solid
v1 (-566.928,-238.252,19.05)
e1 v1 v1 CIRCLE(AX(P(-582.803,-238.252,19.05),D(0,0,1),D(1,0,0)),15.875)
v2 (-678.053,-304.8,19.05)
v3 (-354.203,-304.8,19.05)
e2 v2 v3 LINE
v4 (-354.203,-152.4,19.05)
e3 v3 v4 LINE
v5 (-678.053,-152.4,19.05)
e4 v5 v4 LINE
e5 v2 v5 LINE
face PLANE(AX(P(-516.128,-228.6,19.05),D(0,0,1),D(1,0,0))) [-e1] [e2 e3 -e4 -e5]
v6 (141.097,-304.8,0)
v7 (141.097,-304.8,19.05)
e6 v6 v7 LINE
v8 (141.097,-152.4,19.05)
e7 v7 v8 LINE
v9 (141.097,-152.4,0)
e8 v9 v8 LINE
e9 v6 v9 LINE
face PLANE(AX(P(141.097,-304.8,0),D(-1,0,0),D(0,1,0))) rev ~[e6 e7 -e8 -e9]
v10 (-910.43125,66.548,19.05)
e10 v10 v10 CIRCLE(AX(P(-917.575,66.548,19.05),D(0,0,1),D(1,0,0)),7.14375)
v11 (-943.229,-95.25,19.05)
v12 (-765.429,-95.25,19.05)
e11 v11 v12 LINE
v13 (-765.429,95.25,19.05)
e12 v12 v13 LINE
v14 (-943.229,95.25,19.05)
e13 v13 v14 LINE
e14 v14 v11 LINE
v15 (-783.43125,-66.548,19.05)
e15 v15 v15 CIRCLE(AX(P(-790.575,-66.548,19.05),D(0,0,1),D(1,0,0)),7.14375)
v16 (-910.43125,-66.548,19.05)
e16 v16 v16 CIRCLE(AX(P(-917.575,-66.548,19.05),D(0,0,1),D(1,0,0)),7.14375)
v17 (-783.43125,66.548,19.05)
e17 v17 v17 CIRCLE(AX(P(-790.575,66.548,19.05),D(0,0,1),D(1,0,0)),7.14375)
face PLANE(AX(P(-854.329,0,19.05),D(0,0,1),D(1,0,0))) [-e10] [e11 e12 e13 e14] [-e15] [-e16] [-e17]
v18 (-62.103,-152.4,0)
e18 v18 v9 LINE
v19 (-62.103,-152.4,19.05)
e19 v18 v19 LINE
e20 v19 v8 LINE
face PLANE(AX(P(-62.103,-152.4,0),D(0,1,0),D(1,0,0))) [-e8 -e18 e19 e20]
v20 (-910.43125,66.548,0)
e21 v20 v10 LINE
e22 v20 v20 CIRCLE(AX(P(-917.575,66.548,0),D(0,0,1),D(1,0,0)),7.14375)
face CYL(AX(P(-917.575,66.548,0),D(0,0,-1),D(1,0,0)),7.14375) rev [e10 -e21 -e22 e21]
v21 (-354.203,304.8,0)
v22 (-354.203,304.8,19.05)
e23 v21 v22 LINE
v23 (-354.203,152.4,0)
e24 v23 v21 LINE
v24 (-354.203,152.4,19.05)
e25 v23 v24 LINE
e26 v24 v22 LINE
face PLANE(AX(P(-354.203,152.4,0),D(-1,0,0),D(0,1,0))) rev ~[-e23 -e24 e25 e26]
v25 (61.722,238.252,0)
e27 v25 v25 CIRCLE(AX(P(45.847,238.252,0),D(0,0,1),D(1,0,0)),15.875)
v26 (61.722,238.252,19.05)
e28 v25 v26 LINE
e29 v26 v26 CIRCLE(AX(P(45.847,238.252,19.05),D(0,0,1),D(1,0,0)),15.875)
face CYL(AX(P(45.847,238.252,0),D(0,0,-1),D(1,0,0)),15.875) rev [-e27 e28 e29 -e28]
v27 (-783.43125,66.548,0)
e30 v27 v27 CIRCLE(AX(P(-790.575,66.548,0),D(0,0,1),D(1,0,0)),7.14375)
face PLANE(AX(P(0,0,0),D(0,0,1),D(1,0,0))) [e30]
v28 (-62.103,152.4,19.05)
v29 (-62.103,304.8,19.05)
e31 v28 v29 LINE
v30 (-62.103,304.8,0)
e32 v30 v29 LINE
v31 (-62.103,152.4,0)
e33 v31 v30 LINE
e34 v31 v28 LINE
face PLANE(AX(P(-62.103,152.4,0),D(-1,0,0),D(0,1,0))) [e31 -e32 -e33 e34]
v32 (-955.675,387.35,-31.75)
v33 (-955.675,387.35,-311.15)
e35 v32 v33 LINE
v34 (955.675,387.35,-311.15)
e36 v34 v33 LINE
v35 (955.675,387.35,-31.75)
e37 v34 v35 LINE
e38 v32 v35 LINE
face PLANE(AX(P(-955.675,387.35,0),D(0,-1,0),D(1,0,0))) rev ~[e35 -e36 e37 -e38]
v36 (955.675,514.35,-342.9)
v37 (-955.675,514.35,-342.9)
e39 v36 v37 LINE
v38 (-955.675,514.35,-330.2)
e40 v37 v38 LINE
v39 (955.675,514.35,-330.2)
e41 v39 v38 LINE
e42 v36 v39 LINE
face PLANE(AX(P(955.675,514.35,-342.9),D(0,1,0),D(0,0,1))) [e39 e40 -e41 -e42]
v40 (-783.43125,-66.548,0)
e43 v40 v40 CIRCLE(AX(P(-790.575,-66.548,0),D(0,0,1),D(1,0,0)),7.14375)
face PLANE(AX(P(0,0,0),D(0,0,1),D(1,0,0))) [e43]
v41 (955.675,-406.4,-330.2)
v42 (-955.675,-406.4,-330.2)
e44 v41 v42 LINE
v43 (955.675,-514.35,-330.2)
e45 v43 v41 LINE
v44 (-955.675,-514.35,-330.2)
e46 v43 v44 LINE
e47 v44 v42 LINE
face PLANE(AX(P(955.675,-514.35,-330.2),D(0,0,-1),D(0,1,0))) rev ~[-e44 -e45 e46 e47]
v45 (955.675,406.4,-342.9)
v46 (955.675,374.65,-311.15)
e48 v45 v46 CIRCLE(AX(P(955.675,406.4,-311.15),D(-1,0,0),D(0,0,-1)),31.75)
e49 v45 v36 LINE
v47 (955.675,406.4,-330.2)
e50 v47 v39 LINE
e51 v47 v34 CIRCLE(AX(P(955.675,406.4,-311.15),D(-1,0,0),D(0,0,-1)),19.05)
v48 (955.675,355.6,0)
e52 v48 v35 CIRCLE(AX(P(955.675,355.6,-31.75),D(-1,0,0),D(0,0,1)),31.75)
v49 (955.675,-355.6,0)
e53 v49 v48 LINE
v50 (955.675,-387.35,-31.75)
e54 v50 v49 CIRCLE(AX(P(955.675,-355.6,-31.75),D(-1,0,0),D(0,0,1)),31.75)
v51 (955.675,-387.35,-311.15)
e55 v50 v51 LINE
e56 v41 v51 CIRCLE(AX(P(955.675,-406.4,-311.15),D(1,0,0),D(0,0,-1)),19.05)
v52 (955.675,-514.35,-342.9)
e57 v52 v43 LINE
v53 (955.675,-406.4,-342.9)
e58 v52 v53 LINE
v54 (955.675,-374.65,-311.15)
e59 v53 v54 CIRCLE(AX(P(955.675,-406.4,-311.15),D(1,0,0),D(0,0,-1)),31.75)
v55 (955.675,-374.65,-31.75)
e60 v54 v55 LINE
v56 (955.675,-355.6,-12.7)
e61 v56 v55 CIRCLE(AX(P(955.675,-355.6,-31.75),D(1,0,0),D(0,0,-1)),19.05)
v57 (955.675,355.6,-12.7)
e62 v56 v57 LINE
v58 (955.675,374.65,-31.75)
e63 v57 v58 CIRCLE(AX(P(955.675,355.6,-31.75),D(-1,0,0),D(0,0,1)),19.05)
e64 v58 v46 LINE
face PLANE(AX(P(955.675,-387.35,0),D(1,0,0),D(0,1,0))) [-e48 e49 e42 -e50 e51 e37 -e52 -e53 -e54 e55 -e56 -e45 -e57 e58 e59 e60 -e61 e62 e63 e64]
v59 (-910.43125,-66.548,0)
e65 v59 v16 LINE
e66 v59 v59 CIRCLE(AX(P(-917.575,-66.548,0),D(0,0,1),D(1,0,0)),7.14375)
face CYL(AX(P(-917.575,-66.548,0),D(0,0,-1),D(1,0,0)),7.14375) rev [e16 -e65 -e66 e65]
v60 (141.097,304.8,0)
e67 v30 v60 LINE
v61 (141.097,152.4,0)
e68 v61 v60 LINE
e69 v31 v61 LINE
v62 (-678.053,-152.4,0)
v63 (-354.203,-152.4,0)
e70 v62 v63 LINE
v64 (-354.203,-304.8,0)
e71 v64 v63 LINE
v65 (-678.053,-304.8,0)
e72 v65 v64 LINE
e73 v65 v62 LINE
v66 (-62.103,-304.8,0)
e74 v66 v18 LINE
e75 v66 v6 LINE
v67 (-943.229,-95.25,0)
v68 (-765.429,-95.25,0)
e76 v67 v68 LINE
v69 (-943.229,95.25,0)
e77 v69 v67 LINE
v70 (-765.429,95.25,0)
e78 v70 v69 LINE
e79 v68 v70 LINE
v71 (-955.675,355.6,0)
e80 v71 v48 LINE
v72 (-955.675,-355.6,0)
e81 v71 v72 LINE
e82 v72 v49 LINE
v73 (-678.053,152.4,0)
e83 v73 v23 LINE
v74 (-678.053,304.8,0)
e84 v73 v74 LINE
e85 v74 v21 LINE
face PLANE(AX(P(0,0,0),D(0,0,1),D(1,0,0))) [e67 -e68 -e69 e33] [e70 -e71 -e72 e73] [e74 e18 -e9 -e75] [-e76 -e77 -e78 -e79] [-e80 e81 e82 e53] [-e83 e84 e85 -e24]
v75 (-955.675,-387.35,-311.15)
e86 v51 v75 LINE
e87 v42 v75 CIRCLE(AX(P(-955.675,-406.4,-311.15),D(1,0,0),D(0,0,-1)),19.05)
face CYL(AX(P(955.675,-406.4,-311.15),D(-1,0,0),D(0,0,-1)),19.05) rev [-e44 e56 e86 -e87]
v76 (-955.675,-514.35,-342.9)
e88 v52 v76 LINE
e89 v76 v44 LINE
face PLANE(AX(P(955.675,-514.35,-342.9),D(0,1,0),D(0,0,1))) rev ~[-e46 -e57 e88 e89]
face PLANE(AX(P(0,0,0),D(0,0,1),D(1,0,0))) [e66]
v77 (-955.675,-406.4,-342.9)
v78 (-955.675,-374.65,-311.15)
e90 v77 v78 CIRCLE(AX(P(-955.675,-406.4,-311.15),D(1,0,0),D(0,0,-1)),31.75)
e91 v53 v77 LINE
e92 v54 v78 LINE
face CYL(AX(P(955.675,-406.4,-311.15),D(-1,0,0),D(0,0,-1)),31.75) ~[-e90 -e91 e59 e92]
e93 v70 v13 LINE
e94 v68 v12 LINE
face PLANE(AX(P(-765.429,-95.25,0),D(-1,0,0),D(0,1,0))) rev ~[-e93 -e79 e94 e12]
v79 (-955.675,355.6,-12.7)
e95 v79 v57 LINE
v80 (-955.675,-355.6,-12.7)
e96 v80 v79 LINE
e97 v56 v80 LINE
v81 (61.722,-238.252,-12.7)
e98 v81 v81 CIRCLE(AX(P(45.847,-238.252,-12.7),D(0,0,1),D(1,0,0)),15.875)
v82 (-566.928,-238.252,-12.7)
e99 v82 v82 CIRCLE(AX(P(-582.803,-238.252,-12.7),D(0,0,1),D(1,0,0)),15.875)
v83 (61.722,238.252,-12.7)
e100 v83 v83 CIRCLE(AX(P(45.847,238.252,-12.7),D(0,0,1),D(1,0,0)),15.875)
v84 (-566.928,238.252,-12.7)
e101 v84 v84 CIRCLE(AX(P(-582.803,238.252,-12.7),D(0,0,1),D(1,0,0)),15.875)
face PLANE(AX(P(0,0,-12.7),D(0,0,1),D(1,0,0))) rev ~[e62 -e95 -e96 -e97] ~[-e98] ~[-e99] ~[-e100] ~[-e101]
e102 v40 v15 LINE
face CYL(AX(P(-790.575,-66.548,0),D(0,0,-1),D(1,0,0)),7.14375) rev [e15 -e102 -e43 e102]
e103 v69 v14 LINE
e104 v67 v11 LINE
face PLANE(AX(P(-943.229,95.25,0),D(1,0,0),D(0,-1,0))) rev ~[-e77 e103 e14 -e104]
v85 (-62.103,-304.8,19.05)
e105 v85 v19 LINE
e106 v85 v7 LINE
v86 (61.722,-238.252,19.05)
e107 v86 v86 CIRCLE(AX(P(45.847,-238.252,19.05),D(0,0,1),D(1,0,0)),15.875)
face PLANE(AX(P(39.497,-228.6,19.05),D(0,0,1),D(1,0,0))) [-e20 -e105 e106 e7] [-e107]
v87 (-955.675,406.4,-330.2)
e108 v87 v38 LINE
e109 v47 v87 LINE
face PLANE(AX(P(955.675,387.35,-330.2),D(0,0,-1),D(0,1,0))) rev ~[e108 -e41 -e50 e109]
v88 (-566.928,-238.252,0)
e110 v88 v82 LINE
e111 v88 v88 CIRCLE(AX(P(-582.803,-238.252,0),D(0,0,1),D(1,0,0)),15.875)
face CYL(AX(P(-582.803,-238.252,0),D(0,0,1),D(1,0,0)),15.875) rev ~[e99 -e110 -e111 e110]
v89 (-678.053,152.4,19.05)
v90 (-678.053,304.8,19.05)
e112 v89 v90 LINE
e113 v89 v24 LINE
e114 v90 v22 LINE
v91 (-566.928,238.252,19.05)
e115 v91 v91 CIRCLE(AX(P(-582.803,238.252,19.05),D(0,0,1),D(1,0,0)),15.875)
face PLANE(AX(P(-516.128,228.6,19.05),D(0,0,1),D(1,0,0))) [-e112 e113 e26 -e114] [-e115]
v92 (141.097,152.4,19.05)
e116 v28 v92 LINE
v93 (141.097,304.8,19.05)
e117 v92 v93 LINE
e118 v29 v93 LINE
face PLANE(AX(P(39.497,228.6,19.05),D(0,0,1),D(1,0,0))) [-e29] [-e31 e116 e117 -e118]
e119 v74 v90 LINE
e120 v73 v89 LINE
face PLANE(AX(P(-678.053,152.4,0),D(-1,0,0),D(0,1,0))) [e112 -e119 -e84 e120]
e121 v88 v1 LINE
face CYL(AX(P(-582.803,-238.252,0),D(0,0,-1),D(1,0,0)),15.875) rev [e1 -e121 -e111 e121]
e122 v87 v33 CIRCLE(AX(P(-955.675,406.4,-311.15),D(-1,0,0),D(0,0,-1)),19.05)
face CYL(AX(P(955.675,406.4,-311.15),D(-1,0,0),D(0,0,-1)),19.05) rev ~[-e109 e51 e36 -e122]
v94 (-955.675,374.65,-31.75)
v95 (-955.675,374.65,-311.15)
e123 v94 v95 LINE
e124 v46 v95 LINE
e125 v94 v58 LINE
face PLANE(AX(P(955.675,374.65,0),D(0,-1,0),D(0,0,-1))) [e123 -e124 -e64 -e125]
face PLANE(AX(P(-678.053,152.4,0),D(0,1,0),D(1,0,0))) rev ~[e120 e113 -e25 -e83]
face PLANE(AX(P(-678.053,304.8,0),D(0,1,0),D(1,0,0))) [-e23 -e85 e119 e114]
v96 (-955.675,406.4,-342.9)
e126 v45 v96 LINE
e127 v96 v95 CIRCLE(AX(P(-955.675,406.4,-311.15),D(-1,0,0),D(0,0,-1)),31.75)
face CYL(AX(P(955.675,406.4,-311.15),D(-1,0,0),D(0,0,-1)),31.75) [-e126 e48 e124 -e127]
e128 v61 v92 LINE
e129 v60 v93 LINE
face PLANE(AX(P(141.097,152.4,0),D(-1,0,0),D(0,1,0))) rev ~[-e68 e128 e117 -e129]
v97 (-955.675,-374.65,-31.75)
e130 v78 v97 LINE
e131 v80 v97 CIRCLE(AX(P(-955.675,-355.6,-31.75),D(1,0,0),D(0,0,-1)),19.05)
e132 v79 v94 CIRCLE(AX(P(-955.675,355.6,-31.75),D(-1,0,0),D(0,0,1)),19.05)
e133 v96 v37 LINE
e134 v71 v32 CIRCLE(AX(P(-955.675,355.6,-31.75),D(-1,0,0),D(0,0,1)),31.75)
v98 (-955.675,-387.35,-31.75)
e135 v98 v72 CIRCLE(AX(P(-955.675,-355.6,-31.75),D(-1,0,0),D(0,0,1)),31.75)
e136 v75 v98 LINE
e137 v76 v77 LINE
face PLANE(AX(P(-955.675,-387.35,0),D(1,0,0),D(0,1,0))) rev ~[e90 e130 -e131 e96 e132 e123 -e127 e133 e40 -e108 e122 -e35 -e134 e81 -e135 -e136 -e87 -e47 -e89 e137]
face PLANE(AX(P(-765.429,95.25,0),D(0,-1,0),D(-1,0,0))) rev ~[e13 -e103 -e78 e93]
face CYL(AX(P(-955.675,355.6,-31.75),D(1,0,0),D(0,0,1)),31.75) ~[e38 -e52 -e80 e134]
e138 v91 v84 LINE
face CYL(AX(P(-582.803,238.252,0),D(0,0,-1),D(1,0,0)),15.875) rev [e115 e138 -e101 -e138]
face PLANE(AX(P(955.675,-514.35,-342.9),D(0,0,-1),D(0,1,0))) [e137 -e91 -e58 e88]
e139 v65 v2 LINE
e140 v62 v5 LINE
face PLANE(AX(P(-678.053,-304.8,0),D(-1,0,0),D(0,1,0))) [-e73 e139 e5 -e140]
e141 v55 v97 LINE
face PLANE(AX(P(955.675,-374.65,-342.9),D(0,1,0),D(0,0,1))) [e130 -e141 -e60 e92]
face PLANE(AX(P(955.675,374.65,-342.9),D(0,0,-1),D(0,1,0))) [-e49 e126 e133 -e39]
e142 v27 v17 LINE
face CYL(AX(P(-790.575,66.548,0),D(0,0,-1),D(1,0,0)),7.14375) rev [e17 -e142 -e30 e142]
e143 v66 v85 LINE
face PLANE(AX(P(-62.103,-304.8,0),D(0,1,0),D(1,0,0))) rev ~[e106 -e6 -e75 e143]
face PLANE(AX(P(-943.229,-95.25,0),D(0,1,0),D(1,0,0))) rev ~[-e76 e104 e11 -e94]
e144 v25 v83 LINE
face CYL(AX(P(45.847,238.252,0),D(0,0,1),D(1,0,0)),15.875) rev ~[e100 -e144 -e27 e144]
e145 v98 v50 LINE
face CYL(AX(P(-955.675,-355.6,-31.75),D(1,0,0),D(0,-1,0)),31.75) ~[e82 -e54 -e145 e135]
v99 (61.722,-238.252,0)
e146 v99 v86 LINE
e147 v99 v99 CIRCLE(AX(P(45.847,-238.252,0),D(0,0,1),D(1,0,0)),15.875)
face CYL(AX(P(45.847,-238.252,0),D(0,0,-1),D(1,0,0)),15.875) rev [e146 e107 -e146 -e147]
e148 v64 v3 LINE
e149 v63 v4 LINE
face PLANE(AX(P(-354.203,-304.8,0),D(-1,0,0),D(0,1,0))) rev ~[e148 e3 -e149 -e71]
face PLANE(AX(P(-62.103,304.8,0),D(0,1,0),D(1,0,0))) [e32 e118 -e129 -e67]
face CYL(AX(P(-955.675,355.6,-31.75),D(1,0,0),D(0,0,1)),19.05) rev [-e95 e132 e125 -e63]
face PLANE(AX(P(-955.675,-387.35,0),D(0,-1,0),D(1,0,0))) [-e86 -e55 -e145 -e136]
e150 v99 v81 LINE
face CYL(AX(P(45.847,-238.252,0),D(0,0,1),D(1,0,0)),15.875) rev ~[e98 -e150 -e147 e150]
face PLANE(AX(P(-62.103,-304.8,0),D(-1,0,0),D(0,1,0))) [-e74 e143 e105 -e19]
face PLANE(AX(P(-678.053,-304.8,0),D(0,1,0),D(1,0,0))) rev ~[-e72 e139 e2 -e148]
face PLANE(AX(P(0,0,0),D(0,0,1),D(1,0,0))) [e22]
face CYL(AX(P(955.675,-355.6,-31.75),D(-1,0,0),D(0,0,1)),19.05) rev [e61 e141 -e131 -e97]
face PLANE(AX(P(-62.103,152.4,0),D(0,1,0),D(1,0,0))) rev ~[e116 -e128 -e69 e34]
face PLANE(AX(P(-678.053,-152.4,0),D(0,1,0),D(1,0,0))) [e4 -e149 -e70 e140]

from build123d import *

# Parameters (mm, degrees)
F0_W     = 1911.35
F0_H     = 774.7
F0_W_2   = 323.85
F0_H_2   = 152.4
F0_W_3   = 203.2
F0_R     = 15.875
F1_DEPTH = 12.7
F2_DEPTH = 19.05
F3_W     = 12.7
F3_H     = 330.2
F3_H_2   = 12.7
F3_W_2   = 127
F4_DEPTH = 1911.35
F5_R     = 19.05
F6_R     = 31.75
F7_R     = 7.14375
F8_DEPTH = 19.05


with BuildPart() as f1:
    # F0 (on Top) → F1 (new body)
    with BuildSketch(Plane.XY):
        Rectangle(F0_W, F0_H)
        with Locations((-516.128, -228.6)):
            Rectangle(F0_W_2, F0_H_2, mode=Mode.SUBTRACT)
        with Locations((39.497, -228.6)):
            Rectangle(F0_W_3, F0_H_2, mode=Mode.SUBTRACT)
        with Locations((-516.128, 228.6)):
            Rectangle(F0_W_2, F0_H_2, mode=Mode.SUBTRACT)
        with Locations((39.497, 228.6)):
            Rectangle(F0_W_3, F0_H_2, mode=Mode.SUBTRACT)
        with Locations((-516.128, 228.6)):
            Rectangle(F0_W_2, F0_H_2)
        with Locations((-582.803, 238.252)):
            Circle(F0_R, mode=Mode.SUBTRACT)
        with Locations((-516.128, -228.6)):
            Rectangle(F0_W_2, F0_H_2)
        with Locations((-582.803, -238.252)):
            Circle(F0_R, mode=Mode.SUBTRACT)
        with Locations((39.497, 228.6)):
            Rectangle(F0_W_3, F0_H_2)
        with Locations((45.847, 238.252)):
            Circle(F0_R, mode=Mode.SUBTRACT)
        with Locations((39.497, -228.6)):
            Rectangle(F0_W_3, F0_H_2)
        with Locations((45.847, -238.252)):
            Circle(F0_R, mode=Mode.SUBTRACT)
    extrude(amount=-F1_DEPTH)

    # F0 (on Top) → F2 (join)
    with BuildSketch(Plane.XY):
        with Locations((-516.128, 228.6)):
            Rectangle(F0_W_2, F0_H_2)
        with Locations((-582.803, 238.252)):
            Circle(F0_R, mode=Mode.SUBTRACT)
        with Locations((-516.128, -228.6)):
            Rectangle(F0_W_2, F0_H_2)
        with Locations((-582.803, -238.252)):
            Circle(F0_R, mode=Mode.SUBTRACT)
        with Locations((39.497, 228.6)):
            Rectangle(F0_W_3, F0_H_2)
        with Locations((45.847, 238.252)):
            Circle(F0_R, mode=Mode.SUBTRACT)
        with Locations((39.497, -228.6)):
            Rectangle(F0_W_3, F0_H_2)
        with Locations((45.847, -238.252)):
            Circle(F0_R, mode=Mode.SUBTRACT)
    extrude(amount=F2_DEPTH)

    # F3 (on face) → F4 (join)
    with BuildSketch(Plane.YZ.offset(955.675)):
        with Locations((-381, -165.1)):
            Rectangle(F3_W, F3_H)
        with Locations((-381, -336.55)):
            Rectangle(F3_W, F3_H_2)
        with Locations((-450.85, -336.55)):
            Rectangle(F3_W_2, F3_H_2)
        with Locations((381, -165.1)):
            Rectangle(F3_W, F3_H)
        with Locations((450.85, -336.55)):
            Rectangle(F3_W_2, F3_H_2)
        with Locations((381, -336.55)):
            Rectangle(F3_W, F3_H_2)
    extrude(amount=-F4_DEPTH)

    # F5
    f5_edges = [f1.edges().sort_by_distance(p)[0] for p in [
        (0, -387.35, -330.2),
        (0, 387.35, -330.2),
        (0, 374.65, -12.7),
        (0, -374.65, -12.7),
    ]]
    fillet(f5_edges, radius=F5_R)

    # F6
    f6_edges = [f1.edges().sort_by_distance(p)[0] for p in [
        (0, 374.65, -342.9),
        (0, -374.65, -342.9),
        (0, 387.35, 0),
        (0, -387.35, 0),
    ]]
    fillet(f6_edges, radius=F6_R)

    # F7 (on face) → F8 (join)
    with BuildSketch(Plane.XY):
        Polygon((-765.429, -95.25), (-765.429, 0), (-765.429, 95.25), (-943.229, 95.25), (-943.229, 0), (-943.229, -95.25), align=None)
        with Locations((-917.575, -66.548)):
            Circle(F7_R, mode=Mode.SUBTRACT)
        with Locations((-790.575, -66.548)):
            Circle(F7_R, mode=Mode.SUBTRACT)
        with Locations((-917.575, 66.548)):
            Circle(F7_R, mode=Mode.SUBTRACT)
        with Locations((-790.575, 66.548)):
            Circle(F7_R, mode=Mode.SUBTRACT)
    extrude(amount=F8_DEPTH)


solid = f1.part
